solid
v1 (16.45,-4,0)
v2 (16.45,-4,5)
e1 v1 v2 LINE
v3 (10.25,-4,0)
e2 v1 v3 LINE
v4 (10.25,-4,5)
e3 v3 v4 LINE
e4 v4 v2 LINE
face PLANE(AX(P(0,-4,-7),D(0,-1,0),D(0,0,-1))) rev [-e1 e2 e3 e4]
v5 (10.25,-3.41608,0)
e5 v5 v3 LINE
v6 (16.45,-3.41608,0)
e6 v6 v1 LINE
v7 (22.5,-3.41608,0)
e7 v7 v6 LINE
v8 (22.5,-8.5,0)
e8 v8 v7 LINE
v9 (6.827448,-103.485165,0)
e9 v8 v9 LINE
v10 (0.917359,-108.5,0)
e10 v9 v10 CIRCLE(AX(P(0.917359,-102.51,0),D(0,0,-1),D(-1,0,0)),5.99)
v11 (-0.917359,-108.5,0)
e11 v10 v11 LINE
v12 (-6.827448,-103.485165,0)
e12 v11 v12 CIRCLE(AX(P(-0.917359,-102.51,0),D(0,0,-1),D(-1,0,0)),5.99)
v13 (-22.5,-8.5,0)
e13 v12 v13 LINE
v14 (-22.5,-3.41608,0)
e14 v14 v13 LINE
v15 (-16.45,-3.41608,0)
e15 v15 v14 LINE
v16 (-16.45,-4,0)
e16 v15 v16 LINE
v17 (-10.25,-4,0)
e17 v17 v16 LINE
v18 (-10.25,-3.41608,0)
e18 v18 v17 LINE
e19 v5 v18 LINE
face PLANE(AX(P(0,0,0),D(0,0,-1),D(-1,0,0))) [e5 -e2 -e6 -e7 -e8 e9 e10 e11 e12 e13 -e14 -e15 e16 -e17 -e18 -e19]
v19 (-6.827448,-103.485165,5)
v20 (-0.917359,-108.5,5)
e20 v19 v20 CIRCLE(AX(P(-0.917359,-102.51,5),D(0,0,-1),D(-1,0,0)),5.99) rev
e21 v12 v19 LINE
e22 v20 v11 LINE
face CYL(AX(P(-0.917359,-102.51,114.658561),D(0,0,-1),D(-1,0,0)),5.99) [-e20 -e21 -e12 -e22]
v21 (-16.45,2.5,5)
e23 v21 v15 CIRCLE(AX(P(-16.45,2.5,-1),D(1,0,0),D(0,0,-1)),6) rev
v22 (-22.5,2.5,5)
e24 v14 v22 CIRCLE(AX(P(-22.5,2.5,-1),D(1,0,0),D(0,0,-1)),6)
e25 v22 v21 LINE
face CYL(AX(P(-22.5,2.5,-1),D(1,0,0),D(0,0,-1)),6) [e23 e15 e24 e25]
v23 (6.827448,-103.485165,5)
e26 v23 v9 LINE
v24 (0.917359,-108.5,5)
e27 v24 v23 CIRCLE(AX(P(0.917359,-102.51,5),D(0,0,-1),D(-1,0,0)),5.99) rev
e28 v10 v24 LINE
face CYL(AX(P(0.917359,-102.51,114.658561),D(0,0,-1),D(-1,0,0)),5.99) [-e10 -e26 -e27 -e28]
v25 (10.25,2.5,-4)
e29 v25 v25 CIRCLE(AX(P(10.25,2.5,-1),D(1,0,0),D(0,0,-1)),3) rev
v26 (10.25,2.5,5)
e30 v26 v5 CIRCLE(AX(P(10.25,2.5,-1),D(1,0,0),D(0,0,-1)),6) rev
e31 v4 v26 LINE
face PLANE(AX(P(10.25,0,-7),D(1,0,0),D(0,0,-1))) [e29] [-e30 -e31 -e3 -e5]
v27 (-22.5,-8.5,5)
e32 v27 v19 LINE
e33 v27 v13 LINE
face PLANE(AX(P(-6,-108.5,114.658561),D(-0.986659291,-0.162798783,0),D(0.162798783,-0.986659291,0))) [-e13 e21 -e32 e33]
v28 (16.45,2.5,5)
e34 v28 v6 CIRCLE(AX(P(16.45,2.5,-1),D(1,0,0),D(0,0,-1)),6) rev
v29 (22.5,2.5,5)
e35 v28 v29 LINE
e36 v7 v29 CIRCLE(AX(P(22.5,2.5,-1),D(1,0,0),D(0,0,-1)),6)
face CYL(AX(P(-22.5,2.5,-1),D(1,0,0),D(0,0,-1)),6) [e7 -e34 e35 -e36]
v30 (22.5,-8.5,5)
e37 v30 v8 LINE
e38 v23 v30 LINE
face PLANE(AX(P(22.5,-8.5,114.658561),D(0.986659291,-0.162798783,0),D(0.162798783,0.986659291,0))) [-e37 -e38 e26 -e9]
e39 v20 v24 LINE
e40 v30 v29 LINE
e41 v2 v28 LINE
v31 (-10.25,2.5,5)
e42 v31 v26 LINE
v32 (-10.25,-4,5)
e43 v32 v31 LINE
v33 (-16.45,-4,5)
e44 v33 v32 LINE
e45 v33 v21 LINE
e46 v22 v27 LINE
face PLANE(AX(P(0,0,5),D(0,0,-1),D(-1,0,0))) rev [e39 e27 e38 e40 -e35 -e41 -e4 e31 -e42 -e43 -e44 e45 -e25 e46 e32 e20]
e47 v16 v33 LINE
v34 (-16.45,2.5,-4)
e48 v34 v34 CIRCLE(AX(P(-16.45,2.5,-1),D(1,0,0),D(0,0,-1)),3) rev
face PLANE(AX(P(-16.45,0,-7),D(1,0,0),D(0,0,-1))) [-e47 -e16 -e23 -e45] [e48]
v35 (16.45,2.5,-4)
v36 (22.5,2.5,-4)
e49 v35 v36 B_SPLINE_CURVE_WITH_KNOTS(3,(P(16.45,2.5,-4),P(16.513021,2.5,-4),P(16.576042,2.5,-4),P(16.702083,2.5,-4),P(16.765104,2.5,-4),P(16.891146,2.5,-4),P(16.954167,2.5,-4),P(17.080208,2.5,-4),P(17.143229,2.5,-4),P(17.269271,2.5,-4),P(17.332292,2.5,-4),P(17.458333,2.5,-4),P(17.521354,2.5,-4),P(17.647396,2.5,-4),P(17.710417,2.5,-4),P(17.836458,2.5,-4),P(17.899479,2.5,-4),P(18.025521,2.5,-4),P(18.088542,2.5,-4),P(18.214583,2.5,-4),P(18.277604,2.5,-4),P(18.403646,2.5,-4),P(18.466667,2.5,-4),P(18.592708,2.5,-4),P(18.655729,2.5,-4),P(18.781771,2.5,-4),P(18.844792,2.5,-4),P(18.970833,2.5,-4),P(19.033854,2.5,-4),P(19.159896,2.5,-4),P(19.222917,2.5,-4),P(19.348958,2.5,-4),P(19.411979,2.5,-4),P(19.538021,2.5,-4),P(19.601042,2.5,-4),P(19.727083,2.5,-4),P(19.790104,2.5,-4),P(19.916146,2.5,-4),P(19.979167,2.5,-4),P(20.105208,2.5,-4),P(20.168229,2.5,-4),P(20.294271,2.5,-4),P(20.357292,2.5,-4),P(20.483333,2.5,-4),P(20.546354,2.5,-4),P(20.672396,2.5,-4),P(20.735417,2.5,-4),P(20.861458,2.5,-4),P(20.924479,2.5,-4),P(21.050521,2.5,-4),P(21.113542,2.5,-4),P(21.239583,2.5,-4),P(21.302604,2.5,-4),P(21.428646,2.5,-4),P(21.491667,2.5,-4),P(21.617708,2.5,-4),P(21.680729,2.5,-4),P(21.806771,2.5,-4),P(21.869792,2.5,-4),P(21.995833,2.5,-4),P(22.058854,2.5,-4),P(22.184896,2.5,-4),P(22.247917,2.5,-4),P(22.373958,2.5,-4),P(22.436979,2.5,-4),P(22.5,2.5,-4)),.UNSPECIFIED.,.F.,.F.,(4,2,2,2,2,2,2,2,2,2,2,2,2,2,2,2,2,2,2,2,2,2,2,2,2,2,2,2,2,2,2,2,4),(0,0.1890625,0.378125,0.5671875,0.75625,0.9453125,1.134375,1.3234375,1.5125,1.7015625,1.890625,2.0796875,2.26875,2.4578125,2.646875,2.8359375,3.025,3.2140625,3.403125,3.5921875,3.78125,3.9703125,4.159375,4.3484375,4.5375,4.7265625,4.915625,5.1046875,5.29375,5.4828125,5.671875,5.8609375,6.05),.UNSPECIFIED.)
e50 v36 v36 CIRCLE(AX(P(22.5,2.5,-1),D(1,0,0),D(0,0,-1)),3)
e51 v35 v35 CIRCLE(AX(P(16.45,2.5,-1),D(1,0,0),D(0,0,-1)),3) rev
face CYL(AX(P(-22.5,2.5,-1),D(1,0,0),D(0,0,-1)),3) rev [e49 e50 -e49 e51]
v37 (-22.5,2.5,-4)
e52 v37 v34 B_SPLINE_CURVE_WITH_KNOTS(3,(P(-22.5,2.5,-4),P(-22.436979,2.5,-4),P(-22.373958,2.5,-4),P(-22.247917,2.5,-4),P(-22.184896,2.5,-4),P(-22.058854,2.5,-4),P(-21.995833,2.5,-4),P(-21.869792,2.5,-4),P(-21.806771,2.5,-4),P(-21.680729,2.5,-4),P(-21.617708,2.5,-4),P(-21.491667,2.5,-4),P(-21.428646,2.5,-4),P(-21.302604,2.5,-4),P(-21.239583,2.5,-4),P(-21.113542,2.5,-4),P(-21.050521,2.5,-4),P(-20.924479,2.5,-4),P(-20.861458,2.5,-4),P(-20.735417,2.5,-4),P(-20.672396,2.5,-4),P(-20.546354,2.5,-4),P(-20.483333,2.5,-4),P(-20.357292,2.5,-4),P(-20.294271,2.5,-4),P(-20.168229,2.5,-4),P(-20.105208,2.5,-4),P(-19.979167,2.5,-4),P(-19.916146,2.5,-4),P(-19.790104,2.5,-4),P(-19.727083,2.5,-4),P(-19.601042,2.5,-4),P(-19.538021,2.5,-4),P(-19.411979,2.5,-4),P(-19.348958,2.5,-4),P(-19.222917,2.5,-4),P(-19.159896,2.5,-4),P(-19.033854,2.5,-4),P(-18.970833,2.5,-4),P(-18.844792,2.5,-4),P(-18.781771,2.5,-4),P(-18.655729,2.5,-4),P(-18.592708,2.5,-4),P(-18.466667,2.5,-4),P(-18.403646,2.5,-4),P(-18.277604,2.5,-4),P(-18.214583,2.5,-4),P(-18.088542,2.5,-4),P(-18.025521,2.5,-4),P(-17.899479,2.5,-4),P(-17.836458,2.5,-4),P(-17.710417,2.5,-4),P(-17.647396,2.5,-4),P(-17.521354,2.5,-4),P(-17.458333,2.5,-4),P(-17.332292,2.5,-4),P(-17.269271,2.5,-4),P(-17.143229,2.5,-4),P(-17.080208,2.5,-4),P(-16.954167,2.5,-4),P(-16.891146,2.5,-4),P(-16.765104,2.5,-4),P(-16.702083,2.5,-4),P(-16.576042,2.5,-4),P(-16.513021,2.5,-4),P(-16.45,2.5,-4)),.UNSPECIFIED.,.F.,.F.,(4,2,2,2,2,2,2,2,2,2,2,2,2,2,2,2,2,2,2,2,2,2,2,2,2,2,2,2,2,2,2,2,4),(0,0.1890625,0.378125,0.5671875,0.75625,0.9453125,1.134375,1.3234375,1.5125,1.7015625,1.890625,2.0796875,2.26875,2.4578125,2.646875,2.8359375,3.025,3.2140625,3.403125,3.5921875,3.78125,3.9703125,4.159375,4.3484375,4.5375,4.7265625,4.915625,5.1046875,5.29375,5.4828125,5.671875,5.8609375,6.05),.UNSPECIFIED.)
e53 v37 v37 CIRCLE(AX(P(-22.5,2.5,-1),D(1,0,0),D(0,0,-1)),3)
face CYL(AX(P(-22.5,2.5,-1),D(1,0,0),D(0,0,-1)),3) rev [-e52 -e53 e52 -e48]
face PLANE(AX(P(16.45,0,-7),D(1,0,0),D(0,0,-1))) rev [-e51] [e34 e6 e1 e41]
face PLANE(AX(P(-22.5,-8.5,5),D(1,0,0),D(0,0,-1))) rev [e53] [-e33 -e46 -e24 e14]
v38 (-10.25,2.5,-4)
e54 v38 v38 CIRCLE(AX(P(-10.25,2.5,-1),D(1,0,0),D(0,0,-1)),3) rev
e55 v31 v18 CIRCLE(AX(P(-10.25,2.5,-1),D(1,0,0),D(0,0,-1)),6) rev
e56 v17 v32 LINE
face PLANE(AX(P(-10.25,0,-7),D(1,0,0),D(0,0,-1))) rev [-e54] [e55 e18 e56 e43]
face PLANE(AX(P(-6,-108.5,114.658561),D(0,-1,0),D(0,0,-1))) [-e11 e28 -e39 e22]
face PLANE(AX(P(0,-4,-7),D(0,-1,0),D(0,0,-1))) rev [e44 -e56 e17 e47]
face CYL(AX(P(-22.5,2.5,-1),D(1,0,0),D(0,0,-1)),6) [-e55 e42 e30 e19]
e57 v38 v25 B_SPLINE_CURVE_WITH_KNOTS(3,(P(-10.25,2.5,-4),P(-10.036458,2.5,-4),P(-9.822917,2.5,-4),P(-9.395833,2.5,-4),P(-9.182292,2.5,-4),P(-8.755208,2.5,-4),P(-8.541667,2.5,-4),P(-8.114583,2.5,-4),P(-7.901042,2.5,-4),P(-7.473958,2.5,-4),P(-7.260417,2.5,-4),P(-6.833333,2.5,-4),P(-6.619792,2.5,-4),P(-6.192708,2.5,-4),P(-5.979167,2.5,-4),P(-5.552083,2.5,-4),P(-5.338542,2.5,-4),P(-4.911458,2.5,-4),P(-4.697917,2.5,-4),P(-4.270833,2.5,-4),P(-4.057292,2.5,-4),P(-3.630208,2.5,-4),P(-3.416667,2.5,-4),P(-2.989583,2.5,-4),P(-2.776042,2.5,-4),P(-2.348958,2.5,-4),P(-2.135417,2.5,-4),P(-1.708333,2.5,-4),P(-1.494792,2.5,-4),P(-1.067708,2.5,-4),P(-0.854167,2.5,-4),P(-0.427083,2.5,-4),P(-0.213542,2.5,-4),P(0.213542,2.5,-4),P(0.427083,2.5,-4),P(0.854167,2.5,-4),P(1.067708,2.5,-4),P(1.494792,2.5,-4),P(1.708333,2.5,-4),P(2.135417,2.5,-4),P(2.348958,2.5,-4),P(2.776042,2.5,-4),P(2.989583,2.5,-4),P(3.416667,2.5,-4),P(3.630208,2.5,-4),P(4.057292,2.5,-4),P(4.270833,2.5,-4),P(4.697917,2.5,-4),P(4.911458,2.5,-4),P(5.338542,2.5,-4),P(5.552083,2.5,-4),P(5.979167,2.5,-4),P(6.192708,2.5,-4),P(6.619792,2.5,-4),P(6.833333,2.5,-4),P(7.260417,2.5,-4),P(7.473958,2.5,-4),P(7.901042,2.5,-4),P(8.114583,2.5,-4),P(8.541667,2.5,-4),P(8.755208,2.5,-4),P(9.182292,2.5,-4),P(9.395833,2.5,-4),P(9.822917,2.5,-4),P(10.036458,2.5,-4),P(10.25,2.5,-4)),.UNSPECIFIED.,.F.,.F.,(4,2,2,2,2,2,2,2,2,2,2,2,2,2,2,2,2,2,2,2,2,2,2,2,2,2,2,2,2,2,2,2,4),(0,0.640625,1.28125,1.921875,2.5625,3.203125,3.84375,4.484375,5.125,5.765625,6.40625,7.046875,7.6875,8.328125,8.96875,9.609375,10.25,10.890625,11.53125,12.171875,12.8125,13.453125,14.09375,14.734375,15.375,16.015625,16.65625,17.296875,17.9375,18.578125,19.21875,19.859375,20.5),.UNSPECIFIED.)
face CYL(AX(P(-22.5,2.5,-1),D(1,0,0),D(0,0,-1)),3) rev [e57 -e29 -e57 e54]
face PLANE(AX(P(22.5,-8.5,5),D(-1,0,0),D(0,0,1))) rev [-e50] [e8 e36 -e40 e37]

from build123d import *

# Parameters (mm, degrees)
CROQUIS1_W              = 45
CROQUIS1_H              = 17
SALIENTE_EXTRUIR1_DEPTH = 5
CROQUIS2_R              = 6
CROQUIS2_R_2            = 3
SALIENTE_EXTRUIR2_DEPTH = 45
CORTAR_EXTRUIR1_DEPTH   = 47.32763754
CROQUIS4_W              = 6.2
CROQUIS4_H              = 6.5
CROQUIS4_H_2            = 6
CORTAR_EXTRUIR2_DEPTH   = 27.879360111
SALIENTE_EXTRUIR3_DEPTH = 5
REDONDEO1_R             = 5.99


with BuildPart() as part:
    # Croquis1 → Saliente-Extruir1 (new body)
    with BuildSketch(Plane.XY):
        Rectangle(CROQUIS1_W, CROQUIS1_H)
    extrude(amount=SALIENTE_EXTRUIR1_DEPTH)

    # Croquis2 → Saliente-Extruir2 (add, through all)
    with BuildSketch(Plane(origin=(22.5, 0, 0), x_dir=(0, 0, -1), z_dir=(1, 0, 0))):
        with Locations((1, 2.5)):
            Circle(CROQUIS2_R)
        with Locations((1, 2.5)):
            Circle(CROQUIS2_R_2, mode=Mode.SUBTRACT)
    extrude(amount=-SALIENTE_EXTRUIR2_DEPTH)

    # Croquis3 → Cortar-Extruir1 (cut, through all)
    with BuildSketch(Plane(origin=(22.5, 0, 0), x_dir=(0, 0, -1), z_dir=(1, 0, 0))):
        with BuildLine():
            Line((-5, 8.5), (-5, 2.5))
            ThreePointArc((-5, 2.5), (-3.582575695, 6.372983346), (0, 8.416079783))
            Line((0, 8.416079783), (0, 8.5))
            Line((0, 8.5), (-5, 8.5))
        make_face()
        with BuildLine():
            ThreePointArc((0, -0.328427125), (2.732050808, 0.050510257), (4, 2.5))
            ThreePointArc((4, 2.5), (2.732050808, 4.949489743), (0, 5.328427125))
            Line((0, 5.328427125), (0, -0.328427125))
        make_face()
        with BuildLine():
            Line((0, -0.328427125), (0, 5.328427125))
            ThreePointArc((0, 5.328427125), (-2, 2.5), (0, -0.328427125))
        make_face()
    extrude(amount=-CORTAR_EXTRUIR1_DEPTH, mode=Mode.SUBTRACT)

    # Croquis4 → Cortar-Extruir2 (cut, through all)
    with BuildSketch(Plane.XY.offset(5)):
        with Locations((-13.35, -0.75)):
            Rectangle(CROQUIS4_W, CROQUIS4_H)
        with Locations((-13.35, 5.5)):
            Rectangle(CROQUIS4_W, CROQUIS4_H_2)
        with Locations((13.35, 5.5)):
            Rectangle(CROQUIS4_W, CROQUIS4_H_2)
        with Locations((13.35, -0.75)):
            Rectangle(CROQUIS4_W, CROQUIS4_H)
    extrude(amount=-CORTAR_EXTRUIR2_DEPTH, mode=Mode.SUBTRACT)

    # Croquis5 → Saliente-Extruir3 (add)
    with BuildSketch(Plane(origin=(0, 0, 0), x_dir=(-1, 0, 0), z_dir=(0, 0, -1))):
        Polygon((22.5, -8.5), (-22.5, -8.5), (-6, -108.5), (6, -108.5), align=None)
    extrude(amount=-SALIENTE_EXTRUIR3_DEPTH)

    # Redondeo1
    redondeo1_edges = [part.edges().sort_by_distance(p)[0] for p in [
        (6, -108.5, 2.5),
        (-6, -108.5, 2.5),
    ]]
    fillet(redondeo1_edges, radius=REDONDEO1_R)


solid = part.part
